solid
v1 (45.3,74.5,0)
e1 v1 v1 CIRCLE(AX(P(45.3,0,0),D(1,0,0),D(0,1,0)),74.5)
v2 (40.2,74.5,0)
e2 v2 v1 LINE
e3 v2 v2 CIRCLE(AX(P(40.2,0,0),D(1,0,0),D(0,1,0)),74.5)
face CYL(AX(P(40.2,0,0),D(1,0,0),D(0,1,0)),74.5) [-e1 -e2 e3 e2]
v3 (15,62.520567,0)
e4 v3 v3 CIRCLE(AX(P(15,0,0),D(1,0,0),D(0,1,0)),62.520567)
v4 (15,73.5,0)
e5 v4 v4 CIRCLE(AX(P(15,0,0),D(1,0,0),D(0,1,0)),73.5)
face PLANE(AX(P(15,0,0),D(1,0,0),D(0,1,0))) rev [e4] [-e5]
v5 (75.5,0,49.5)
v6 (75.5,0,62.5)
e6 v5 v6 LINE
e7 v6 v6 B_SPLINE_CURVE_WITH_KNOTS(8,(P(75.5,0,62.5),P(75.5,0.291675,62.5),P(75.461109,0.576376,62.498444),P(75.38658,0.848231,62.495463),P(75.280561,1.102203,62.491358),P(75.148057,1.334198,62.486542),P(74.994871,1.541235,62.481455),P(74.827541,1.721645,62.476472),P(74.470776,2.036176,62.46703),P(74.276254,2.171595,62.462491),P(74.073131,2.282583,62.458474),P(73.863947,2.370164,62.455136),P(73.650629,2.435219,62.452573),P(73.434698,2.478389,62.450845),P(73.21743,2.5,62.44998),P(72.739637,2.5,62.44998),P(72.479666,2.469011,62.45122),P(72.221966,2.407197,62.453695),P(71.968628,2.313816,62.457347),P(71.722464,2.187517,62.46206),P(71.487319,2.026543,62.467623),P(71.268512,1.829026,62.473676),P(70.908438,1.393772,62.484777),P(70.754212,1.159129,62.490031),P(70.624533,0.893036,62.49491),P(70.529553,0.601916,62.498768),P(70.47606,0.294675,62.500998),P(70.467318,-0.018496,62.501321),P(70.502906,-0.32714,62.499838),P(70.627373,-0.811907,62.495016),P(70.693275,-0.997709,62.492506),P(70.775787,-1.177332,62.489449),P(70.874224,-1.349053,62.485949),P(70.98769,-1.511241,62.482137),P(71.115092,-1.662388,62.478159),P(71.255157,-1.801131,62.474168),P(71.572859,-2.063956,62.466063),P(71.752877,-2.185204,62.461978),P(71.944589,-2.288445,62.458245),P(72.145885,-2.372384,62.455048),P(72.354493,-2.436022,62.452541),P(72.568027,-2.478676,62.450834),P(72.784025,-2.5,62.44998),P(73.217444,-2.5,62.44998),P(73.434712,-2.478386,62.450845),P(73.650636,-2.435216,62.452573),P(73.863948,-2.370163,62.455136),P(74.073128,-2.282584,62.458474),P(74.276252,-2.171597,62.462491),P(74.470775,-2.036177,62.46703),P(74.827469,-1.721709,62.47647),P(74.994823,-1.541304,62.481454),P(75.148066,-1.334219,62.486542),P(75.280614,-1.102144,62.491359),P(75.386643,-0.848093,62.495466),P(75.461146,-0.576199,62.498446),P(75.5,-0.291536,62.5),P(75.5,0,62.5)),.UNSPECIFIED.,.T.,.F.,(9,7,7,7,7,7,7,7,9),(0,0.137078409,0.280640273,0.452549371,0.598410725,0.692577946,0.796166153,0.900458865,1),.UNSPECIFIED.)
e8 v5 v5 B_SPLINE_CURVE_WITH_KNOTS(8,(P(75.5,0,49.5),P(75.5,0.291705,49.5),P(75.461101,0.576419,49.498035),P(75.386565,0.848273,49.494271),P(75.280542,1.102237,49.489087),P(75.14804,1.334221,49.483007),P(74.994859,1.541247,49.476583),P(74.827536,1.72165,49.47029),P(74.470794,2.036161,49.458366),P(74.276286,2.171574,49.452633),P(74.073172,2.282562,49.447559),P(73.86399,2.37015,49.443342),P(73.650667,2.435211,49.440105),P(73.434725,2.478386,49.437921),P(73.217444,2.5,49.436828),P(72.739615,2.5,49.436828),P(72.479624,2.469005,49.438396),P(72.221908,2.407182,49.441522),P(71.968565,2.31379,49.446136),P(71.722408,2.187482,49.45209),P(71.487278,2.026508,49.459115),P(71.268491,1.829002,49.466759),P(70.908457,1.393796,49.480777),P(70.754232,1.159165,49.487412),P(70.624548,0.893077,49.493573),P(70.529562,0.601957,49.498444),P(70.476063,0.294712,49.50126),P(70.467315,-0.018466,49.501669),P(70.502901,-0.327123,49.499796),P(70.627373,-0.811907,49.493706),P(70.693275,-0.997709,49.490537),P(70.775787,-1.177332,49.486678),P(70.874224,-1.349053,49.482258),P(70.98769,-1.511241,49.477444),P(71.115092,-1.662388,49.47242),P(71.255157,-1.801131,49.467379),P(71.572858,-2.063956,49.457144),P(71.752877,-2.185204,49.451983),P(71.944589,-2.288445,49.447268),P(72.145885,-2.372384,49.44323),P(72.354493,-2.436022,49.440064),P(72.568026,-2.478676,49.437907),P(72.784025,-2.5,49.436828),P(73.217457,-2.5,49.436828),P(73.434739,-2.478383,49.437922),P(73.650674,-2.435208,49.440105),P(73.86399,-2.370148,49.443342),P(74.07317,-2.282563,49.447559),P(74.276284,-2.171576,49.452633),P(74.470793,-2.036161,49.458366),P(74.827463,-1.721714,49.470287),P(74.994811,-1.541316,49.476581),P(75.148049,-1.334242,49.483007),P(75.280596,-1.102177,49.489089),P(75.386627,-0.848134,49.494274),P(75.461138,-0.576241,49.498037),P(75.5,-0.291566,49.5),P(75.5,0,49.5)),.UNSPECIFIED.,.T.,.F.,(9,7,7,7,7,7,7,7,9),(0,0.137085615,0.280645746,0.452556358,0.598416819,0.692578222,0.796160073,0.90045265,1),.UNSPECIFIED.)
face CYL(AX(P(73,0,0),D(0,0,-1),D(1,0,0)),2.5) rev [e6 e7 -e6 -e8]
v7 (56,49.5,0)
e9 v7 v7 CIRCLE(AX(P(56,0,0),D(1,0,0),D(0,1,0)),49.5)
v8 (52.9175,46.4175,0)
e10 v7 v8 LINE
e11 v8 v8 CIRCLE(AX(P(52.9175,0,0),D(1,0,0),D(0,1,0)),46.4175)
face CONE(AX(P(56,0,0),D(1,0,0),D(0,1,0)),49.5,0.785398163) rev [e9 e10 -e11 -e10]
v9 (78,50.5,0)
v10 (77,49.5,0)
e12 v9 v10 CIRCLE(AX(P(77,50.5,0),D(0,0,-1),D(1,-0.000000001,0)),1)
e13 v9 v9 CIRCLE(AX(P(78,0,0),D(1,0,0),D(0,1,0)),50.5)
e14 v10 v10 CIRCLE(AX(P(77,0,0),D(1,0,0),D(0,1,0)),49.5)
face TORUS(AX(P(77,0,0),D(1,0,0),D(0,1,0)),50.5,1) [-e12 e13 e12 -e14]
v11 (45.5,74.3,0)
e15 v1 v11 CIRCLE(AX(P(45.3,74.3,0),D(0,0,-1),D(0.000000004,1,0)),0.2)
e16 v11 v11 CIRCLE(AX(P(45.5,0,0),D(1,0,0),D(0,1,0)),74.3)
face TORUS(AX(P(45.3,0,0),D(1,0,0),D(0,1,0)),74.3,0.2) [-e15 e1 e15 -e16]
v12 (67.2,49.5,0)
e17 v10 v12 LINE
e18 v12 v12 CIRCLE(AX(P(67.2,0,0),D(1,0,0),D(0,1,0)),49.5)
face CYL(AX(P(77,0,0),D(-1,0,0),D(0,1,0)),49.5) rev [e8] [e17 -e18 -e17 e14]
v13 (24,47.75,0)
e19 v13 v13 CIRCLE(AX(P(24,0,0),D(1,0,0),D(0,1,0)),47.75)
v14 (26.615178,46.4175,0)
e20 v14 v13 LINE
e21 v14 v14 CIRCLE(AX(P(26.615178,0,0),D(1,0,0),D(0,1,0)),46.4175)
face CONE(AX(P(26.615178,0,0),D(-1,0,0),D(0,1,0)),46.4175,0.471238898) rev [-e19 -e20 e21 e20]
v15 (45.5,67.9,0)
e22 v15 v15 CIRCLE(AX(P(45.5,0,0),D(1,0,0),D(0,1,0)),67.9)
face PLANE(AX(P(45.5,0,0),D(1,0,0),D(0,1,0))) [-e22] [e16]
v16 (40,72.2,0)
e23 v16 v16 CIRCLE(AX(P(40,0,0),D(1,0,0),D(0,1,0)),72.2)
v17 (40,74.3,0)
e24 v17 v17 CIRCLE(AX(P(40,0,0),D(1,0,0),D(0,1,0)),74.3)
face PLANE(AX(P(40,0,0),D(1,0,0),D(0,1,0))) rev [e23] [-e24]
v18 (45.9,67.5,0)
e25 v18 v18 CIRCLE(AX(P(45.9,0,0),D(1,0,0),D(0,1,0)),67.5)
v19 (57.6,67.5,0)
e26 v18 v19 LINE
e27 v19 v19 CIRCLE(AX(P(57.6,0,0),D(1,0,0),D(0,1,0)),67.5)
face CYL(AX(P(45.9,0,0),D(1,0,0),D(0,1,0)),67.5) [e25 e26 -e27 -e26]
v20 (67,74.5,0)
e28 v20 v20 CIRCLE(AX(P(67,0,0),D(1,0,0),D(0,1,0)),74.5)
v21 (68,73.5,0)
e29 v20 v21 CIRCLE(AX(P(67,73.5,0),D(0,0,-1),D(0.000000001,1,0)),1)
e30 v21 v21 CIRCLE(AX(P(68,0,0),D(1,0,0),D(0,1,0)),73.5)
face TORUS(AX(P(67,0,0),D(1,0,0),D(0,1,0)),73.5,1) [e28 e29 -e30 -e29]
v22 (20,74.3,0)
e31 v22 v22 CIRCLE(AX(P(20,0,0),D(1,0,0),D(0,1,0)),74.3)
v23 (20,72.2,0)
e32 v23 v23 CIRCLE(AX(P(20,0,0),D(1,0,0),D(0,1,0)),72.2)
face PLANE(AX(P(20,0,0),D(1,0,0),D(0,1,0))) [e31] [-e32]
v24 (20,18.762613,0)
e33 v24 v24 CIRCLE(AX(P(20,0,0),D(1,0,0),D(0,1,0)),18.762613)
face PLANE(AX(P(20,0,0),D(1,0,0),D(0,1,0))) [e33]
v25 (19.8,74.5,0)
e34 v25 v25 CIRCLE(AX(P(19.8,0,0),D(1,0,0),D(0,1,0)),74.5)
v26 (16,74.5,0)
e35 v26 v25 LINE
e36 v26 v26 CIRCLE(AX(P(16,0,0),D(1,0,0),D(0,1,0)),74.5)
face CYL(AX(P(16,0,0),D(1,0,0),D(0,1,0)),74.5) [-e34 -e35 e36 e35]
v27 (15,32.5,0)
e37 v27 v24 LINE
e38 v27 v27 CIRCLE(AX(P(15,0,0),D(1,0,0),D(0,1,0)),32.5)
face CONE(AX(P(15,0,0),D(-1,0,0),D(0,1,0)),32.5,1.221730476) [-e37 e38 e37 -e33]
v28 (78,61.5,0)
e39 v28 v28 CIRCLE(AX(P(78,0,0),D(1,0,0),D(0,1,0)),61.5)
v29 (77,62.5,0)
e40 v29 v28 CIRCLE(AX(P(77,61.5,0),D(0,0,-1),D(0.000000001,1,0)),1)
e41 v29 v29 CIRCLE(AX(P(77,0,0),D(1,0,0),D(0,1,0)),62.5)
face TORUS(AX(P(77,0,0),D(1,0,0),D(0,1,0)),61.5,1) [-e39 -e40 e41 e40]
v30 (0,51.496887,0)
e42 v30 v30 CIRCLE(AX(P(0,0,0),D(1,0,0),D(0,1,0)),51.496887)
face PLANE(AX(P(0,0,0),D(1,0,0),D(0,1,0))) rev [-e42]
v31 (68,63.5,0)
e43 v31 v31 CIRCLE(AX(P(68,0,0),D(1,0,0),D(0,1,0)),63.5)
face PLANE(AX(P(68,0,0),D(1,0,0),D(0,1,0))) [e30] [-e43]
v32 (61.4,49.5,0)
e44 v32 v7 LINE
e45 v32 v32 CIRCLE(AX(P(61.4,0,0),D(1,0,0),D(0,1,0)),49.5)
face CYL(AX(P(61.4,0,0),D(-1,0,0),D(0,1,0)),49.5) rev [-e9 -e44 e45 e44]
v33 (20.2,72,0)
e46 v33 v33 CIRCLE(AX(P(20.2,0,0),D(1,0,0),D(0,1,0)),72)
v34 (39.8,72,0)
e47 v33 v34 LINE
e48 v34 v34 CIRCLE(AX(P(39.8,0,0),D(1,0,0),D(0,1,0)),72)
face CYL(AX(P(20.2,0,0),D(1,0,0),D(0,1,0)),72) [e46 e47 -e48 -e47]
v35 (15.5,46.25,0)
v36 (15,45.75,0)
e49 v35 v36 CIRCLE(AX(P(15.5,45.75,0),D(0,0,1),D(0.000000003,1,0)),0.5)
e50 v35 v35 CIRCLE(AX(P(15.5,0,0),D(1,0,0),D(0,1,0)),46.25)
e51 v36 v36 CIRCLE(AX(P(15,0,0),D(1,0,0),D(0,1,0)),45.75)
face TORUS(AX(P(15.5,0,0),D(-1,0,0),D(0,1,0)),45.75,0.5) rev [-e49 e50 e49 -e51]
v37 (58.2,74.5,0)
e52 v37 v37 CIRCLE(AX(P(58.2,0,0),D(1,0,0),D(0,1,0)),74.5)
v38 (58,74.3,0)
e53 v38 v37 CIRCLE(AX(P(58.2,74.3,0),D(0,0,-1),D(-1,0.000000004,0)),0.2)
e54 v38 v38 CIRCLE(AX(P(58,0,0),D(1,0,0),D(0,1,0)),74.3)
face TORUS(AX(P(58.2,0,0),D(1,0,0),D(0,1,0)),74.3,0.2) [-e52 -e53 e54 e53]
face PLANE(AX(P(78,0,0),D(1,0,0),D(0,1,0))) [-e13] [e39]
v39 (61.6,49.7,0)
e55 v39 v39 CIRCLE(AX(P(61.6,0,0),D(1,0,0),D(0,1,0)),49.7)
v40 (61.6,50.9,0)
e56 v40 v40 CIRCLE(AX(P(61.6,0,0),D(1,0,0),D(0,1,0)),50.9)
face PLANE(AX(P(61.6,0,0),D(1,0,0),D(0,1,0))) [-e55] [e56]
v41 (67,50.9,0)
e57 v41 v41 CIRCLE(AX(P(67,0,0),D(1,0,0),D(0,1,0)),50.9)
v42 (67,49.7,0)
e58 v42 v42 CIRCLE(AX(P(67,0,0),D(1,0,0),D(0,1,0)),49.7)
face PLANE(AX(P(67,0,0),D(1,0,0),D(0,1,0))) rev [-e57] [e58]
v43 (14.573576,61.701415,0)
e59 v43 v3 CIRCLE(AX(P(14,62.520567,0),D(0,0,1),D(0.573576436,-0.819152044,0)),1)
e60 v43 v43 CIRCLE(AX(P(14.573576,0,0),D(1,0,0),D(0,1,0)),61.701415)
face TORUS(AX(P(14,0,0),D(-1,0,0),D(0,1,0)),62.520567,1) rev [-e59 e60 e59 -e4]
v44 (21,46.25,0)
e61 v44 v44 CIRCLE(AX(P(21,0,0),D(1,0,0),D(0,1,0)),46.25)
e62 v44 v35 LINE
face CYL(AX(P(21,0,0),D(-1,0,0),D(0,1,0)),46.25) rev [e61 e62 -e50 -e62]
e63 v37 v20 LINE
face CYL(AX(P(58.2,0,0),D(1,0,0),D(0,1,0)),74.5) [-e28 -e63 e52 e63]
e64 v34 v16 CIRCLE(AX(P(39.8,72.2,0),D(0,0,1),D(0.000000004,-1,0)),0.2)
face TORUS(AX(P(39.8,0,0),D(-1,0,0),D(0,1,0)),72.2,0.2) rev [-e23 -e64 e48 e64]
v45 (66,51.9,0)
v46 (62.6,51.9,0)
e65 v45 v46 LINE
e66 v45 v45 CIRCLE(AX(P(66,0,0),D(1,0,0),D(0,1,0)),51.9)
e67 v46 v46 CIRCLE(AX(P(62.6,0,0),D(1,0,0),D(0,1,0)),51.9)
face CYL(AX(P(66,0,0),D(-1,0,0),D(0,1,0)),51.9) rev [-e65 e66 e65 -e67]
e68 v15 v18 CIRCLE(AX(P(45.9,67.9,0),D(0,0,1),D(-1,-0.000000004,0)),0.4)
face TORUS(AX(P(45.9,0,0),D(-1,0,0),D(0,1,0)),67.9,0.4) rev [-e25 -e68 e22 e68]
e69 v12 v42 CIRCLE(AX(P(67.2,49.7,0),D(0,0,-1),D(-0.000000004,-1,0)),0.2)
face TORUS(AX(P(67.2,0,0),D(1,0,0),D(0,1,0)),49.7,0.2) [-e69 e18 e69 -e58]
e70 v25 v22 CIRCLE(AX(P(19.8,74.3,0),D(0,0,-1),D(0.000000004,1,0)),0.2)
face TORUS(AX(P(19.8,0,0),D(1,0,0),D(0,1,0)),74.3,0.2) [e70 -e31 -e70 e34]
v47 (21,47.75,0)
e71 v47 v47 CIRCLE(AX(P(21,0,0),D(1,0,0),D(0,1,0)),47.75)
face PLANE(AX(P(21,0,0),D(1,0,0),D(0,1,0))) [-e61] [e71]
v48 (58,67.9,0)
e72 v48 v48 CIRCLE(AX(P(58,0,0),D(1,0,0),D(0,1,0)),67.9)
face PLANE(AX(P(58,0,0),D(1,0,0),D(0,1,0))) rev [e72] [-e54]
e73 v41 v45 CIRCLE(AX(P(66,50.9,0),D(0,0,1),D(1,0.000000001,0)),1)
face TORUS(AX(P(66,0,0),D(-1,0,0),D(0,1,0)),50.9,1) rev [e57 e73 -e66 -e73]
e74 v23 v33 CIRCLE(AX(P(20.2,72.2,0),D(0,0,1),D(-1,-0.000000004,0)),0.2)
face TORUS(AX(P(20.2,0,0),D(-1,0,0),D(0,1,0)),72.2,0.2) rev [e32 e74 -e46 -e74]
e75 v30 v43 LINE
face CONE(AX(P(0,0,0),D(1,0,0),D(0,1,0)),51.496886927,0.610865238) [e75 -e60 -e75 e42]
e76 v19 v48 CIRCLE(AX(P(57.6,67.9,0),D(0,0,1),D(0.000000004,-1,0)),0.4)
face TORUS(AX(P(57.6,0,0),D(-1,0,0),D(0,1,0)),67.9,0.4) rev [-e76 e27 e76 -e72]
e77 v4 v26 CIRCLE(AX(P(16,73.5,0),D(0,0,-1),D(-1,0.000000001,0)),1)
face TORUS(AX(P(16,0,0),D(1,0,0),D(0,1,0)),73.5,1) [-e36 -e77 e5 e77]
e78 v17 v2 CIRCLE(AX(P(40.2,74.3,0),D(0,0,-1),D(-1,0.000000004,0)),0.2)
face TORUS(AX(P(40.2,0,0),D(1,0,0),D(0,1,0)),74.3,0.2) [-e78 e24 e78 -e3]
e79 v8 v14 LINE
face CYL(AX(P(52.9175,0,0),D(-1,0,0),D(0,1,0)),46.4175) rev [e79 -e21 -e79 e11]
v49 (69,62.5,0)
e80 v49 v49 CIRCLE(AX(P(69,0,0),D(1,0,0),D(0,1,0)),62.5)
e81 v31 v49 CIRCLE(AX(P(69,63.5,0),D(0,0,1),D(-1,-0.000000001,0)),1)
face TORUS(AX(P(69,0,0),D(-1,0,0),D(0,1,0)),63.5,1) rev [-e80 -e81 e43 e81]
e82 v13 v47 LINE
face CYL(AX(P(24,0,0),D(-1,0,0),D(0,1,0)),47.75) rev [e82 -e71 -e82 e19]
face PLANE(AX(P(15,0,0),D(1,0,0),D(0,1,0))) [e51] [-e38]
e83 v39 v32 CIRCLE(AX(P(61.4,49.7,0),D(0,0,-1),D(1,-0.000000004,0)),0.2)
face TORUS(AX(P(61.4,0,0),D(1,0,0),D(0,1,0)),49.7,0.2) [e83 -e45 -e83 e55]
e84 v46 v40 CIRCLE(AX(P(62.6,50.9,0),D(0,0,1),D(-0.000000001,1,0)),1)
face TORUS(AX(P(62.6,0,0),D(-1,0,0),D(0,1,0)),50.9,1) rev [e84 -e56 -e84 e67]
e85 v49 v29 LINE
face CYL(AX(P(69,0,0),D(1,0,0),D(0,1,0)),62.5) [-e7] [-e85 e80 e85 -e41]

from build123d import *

# Parameters (mm, degrees)
SKETCH2_R          = 2.5
M6_GEVINDHUL_DEPTH = 75.5000001


with BuildPart() as part:
    # Sketch1 → Base-Revolve (revolve)
    with BuildSketch(Plane.XY):
        with BuildLine():
            Line((15, 62.520567051), (15, 73.5))
            ThreePointArc((15, 73.5), (15.292893219, 74.207106781), (16, 74.5))
            Line((16, 74.5), (19.8, 74.5))
            ThreePointArc((19.8, 74.5), (19.941421356, 74.441421356), (20, 74.3))
            Line((20, 74.3), (20, 72.2))
            ThreePointArc((20, 72.2), (20.058578644, 72.058578644), (20.2, 72))
            Line((20.2, 72), (39.8, 72))
            ThreePointArc((39.8, 72), (39.941421356, 72.058578644), (40, 72.2))
            Line((40, 72.2), (40, 74.3))
            ThreePointArc((40, 74.3), (40.058578644, 74.441421356), (40.2, 74.5))
            Line((40.2, 74.5), (45.3, 74.5))
            ThreePointArc((45.3, 74.5), (45.441421356, 74.441421356), (45.5, 74.3))
            Line((45.5, 74.3), (45.5, 67.9))
            ThreePointArc((45.5, 67.9), (45.617157288, 67.617157288), (45.9, 67.5))
            Line((45.9, 67.5), (57.6, 67.5))
            ThreePointArc((57.6, 67.5), (57.882842712, 67.617157288), (58, 67.9))
            Line((58, 67.9), (58, 74.3))
            ThreePointArc((58, 74.3), (58.058578644, 74.441421356), (58.2, 74.5))
            Line((58.2, 74.5), (67, 74.5))
            ThreePointArc((67, 74.5), (67.707106781, 74.207106781), (68, 73.5))
            Line((68, 73.5), (68, 63.5))
            ThreePointArc((68, 63.5), (68.292893219, 62.792893219), (69, 62.5))
            Line((69, 62.5), (77, 62.5))
            ThreePointArc((77, 62.5), (77.707106781, 62.207106781), (78, 61.5))
            Line((78, 61.5), (78, 50.5))
            ThreePointArc((78, 50.5), (77.707106781, 49.792893219), (77, 49.5))
            Line((77, 49.5), (67.2, 49.5))
            ThreePointArc((67.2, 49.5), (67.058578644, 49.558578644), (67, 49.7))
            Line((67, 49.7), (67, 50.9))
            ThreePointArc((67, 50.9), (66.707106781, 51.607106781), (66, 51.9))
            Line((66, 51.9), (62.6, 51.9))
            ThreePointArc((62.6, 51.9), (61.892893219, 51.607106781), (61.6, 50.9))
            Line((61.6, 50.9), (61.6, 49.7))
            ThreePointArc((61.6, 49.7), (61.541421356, 49.558578644), (61.4, 49.5))
            Line((61.4, 49.5), (56, 49.5))
            Line((56, 49.5), (52.9175, 46.4175))
            Line((52.9175, 46.4175), (26.615178499, 46.4175))
            Line((26.615178499, 46.4175), (24, 47.75))
            Line((24, 47.75), (21, 47.75))
            Line((21, 47.75), (21, 46.25))
            Line((21, 46.25), (15.5, 46.25))
            ThreePointArc((15.5, 46.25), (15.146446609, 46.103553391), (15, 45.75))
            Line((15, 45.75), (15, 32.5))
            Line((15, 32.5), (20, 18.762612903))
            Line((20, 18.762612903), (20, 0))
            Line((20, 0), (0, 0))
            Line((0, 0), (0, 51.496886927))
            Line((0, 51.496886927), (14.573576436, 61.701415006))
            ThreePointArc((14.573576436, 61.701415006), (14.887010833, 62.058818437), (15, 62.520567051))
        make_face()
    revolve(axis=Axis((-64.519784768, 0, 0), (1, 0, 0)))

    # Sketch2 → M6 gevindhul (cut, through all)
    with BuildSketch(Plane.XY):
        with Locations((73, 0)):
            Circle(SKETCH2_R)
    extrude(amount=M6_GEVINDHUL_DEPTH, mode=Mode.SUBTRACT)


solid = part.part
